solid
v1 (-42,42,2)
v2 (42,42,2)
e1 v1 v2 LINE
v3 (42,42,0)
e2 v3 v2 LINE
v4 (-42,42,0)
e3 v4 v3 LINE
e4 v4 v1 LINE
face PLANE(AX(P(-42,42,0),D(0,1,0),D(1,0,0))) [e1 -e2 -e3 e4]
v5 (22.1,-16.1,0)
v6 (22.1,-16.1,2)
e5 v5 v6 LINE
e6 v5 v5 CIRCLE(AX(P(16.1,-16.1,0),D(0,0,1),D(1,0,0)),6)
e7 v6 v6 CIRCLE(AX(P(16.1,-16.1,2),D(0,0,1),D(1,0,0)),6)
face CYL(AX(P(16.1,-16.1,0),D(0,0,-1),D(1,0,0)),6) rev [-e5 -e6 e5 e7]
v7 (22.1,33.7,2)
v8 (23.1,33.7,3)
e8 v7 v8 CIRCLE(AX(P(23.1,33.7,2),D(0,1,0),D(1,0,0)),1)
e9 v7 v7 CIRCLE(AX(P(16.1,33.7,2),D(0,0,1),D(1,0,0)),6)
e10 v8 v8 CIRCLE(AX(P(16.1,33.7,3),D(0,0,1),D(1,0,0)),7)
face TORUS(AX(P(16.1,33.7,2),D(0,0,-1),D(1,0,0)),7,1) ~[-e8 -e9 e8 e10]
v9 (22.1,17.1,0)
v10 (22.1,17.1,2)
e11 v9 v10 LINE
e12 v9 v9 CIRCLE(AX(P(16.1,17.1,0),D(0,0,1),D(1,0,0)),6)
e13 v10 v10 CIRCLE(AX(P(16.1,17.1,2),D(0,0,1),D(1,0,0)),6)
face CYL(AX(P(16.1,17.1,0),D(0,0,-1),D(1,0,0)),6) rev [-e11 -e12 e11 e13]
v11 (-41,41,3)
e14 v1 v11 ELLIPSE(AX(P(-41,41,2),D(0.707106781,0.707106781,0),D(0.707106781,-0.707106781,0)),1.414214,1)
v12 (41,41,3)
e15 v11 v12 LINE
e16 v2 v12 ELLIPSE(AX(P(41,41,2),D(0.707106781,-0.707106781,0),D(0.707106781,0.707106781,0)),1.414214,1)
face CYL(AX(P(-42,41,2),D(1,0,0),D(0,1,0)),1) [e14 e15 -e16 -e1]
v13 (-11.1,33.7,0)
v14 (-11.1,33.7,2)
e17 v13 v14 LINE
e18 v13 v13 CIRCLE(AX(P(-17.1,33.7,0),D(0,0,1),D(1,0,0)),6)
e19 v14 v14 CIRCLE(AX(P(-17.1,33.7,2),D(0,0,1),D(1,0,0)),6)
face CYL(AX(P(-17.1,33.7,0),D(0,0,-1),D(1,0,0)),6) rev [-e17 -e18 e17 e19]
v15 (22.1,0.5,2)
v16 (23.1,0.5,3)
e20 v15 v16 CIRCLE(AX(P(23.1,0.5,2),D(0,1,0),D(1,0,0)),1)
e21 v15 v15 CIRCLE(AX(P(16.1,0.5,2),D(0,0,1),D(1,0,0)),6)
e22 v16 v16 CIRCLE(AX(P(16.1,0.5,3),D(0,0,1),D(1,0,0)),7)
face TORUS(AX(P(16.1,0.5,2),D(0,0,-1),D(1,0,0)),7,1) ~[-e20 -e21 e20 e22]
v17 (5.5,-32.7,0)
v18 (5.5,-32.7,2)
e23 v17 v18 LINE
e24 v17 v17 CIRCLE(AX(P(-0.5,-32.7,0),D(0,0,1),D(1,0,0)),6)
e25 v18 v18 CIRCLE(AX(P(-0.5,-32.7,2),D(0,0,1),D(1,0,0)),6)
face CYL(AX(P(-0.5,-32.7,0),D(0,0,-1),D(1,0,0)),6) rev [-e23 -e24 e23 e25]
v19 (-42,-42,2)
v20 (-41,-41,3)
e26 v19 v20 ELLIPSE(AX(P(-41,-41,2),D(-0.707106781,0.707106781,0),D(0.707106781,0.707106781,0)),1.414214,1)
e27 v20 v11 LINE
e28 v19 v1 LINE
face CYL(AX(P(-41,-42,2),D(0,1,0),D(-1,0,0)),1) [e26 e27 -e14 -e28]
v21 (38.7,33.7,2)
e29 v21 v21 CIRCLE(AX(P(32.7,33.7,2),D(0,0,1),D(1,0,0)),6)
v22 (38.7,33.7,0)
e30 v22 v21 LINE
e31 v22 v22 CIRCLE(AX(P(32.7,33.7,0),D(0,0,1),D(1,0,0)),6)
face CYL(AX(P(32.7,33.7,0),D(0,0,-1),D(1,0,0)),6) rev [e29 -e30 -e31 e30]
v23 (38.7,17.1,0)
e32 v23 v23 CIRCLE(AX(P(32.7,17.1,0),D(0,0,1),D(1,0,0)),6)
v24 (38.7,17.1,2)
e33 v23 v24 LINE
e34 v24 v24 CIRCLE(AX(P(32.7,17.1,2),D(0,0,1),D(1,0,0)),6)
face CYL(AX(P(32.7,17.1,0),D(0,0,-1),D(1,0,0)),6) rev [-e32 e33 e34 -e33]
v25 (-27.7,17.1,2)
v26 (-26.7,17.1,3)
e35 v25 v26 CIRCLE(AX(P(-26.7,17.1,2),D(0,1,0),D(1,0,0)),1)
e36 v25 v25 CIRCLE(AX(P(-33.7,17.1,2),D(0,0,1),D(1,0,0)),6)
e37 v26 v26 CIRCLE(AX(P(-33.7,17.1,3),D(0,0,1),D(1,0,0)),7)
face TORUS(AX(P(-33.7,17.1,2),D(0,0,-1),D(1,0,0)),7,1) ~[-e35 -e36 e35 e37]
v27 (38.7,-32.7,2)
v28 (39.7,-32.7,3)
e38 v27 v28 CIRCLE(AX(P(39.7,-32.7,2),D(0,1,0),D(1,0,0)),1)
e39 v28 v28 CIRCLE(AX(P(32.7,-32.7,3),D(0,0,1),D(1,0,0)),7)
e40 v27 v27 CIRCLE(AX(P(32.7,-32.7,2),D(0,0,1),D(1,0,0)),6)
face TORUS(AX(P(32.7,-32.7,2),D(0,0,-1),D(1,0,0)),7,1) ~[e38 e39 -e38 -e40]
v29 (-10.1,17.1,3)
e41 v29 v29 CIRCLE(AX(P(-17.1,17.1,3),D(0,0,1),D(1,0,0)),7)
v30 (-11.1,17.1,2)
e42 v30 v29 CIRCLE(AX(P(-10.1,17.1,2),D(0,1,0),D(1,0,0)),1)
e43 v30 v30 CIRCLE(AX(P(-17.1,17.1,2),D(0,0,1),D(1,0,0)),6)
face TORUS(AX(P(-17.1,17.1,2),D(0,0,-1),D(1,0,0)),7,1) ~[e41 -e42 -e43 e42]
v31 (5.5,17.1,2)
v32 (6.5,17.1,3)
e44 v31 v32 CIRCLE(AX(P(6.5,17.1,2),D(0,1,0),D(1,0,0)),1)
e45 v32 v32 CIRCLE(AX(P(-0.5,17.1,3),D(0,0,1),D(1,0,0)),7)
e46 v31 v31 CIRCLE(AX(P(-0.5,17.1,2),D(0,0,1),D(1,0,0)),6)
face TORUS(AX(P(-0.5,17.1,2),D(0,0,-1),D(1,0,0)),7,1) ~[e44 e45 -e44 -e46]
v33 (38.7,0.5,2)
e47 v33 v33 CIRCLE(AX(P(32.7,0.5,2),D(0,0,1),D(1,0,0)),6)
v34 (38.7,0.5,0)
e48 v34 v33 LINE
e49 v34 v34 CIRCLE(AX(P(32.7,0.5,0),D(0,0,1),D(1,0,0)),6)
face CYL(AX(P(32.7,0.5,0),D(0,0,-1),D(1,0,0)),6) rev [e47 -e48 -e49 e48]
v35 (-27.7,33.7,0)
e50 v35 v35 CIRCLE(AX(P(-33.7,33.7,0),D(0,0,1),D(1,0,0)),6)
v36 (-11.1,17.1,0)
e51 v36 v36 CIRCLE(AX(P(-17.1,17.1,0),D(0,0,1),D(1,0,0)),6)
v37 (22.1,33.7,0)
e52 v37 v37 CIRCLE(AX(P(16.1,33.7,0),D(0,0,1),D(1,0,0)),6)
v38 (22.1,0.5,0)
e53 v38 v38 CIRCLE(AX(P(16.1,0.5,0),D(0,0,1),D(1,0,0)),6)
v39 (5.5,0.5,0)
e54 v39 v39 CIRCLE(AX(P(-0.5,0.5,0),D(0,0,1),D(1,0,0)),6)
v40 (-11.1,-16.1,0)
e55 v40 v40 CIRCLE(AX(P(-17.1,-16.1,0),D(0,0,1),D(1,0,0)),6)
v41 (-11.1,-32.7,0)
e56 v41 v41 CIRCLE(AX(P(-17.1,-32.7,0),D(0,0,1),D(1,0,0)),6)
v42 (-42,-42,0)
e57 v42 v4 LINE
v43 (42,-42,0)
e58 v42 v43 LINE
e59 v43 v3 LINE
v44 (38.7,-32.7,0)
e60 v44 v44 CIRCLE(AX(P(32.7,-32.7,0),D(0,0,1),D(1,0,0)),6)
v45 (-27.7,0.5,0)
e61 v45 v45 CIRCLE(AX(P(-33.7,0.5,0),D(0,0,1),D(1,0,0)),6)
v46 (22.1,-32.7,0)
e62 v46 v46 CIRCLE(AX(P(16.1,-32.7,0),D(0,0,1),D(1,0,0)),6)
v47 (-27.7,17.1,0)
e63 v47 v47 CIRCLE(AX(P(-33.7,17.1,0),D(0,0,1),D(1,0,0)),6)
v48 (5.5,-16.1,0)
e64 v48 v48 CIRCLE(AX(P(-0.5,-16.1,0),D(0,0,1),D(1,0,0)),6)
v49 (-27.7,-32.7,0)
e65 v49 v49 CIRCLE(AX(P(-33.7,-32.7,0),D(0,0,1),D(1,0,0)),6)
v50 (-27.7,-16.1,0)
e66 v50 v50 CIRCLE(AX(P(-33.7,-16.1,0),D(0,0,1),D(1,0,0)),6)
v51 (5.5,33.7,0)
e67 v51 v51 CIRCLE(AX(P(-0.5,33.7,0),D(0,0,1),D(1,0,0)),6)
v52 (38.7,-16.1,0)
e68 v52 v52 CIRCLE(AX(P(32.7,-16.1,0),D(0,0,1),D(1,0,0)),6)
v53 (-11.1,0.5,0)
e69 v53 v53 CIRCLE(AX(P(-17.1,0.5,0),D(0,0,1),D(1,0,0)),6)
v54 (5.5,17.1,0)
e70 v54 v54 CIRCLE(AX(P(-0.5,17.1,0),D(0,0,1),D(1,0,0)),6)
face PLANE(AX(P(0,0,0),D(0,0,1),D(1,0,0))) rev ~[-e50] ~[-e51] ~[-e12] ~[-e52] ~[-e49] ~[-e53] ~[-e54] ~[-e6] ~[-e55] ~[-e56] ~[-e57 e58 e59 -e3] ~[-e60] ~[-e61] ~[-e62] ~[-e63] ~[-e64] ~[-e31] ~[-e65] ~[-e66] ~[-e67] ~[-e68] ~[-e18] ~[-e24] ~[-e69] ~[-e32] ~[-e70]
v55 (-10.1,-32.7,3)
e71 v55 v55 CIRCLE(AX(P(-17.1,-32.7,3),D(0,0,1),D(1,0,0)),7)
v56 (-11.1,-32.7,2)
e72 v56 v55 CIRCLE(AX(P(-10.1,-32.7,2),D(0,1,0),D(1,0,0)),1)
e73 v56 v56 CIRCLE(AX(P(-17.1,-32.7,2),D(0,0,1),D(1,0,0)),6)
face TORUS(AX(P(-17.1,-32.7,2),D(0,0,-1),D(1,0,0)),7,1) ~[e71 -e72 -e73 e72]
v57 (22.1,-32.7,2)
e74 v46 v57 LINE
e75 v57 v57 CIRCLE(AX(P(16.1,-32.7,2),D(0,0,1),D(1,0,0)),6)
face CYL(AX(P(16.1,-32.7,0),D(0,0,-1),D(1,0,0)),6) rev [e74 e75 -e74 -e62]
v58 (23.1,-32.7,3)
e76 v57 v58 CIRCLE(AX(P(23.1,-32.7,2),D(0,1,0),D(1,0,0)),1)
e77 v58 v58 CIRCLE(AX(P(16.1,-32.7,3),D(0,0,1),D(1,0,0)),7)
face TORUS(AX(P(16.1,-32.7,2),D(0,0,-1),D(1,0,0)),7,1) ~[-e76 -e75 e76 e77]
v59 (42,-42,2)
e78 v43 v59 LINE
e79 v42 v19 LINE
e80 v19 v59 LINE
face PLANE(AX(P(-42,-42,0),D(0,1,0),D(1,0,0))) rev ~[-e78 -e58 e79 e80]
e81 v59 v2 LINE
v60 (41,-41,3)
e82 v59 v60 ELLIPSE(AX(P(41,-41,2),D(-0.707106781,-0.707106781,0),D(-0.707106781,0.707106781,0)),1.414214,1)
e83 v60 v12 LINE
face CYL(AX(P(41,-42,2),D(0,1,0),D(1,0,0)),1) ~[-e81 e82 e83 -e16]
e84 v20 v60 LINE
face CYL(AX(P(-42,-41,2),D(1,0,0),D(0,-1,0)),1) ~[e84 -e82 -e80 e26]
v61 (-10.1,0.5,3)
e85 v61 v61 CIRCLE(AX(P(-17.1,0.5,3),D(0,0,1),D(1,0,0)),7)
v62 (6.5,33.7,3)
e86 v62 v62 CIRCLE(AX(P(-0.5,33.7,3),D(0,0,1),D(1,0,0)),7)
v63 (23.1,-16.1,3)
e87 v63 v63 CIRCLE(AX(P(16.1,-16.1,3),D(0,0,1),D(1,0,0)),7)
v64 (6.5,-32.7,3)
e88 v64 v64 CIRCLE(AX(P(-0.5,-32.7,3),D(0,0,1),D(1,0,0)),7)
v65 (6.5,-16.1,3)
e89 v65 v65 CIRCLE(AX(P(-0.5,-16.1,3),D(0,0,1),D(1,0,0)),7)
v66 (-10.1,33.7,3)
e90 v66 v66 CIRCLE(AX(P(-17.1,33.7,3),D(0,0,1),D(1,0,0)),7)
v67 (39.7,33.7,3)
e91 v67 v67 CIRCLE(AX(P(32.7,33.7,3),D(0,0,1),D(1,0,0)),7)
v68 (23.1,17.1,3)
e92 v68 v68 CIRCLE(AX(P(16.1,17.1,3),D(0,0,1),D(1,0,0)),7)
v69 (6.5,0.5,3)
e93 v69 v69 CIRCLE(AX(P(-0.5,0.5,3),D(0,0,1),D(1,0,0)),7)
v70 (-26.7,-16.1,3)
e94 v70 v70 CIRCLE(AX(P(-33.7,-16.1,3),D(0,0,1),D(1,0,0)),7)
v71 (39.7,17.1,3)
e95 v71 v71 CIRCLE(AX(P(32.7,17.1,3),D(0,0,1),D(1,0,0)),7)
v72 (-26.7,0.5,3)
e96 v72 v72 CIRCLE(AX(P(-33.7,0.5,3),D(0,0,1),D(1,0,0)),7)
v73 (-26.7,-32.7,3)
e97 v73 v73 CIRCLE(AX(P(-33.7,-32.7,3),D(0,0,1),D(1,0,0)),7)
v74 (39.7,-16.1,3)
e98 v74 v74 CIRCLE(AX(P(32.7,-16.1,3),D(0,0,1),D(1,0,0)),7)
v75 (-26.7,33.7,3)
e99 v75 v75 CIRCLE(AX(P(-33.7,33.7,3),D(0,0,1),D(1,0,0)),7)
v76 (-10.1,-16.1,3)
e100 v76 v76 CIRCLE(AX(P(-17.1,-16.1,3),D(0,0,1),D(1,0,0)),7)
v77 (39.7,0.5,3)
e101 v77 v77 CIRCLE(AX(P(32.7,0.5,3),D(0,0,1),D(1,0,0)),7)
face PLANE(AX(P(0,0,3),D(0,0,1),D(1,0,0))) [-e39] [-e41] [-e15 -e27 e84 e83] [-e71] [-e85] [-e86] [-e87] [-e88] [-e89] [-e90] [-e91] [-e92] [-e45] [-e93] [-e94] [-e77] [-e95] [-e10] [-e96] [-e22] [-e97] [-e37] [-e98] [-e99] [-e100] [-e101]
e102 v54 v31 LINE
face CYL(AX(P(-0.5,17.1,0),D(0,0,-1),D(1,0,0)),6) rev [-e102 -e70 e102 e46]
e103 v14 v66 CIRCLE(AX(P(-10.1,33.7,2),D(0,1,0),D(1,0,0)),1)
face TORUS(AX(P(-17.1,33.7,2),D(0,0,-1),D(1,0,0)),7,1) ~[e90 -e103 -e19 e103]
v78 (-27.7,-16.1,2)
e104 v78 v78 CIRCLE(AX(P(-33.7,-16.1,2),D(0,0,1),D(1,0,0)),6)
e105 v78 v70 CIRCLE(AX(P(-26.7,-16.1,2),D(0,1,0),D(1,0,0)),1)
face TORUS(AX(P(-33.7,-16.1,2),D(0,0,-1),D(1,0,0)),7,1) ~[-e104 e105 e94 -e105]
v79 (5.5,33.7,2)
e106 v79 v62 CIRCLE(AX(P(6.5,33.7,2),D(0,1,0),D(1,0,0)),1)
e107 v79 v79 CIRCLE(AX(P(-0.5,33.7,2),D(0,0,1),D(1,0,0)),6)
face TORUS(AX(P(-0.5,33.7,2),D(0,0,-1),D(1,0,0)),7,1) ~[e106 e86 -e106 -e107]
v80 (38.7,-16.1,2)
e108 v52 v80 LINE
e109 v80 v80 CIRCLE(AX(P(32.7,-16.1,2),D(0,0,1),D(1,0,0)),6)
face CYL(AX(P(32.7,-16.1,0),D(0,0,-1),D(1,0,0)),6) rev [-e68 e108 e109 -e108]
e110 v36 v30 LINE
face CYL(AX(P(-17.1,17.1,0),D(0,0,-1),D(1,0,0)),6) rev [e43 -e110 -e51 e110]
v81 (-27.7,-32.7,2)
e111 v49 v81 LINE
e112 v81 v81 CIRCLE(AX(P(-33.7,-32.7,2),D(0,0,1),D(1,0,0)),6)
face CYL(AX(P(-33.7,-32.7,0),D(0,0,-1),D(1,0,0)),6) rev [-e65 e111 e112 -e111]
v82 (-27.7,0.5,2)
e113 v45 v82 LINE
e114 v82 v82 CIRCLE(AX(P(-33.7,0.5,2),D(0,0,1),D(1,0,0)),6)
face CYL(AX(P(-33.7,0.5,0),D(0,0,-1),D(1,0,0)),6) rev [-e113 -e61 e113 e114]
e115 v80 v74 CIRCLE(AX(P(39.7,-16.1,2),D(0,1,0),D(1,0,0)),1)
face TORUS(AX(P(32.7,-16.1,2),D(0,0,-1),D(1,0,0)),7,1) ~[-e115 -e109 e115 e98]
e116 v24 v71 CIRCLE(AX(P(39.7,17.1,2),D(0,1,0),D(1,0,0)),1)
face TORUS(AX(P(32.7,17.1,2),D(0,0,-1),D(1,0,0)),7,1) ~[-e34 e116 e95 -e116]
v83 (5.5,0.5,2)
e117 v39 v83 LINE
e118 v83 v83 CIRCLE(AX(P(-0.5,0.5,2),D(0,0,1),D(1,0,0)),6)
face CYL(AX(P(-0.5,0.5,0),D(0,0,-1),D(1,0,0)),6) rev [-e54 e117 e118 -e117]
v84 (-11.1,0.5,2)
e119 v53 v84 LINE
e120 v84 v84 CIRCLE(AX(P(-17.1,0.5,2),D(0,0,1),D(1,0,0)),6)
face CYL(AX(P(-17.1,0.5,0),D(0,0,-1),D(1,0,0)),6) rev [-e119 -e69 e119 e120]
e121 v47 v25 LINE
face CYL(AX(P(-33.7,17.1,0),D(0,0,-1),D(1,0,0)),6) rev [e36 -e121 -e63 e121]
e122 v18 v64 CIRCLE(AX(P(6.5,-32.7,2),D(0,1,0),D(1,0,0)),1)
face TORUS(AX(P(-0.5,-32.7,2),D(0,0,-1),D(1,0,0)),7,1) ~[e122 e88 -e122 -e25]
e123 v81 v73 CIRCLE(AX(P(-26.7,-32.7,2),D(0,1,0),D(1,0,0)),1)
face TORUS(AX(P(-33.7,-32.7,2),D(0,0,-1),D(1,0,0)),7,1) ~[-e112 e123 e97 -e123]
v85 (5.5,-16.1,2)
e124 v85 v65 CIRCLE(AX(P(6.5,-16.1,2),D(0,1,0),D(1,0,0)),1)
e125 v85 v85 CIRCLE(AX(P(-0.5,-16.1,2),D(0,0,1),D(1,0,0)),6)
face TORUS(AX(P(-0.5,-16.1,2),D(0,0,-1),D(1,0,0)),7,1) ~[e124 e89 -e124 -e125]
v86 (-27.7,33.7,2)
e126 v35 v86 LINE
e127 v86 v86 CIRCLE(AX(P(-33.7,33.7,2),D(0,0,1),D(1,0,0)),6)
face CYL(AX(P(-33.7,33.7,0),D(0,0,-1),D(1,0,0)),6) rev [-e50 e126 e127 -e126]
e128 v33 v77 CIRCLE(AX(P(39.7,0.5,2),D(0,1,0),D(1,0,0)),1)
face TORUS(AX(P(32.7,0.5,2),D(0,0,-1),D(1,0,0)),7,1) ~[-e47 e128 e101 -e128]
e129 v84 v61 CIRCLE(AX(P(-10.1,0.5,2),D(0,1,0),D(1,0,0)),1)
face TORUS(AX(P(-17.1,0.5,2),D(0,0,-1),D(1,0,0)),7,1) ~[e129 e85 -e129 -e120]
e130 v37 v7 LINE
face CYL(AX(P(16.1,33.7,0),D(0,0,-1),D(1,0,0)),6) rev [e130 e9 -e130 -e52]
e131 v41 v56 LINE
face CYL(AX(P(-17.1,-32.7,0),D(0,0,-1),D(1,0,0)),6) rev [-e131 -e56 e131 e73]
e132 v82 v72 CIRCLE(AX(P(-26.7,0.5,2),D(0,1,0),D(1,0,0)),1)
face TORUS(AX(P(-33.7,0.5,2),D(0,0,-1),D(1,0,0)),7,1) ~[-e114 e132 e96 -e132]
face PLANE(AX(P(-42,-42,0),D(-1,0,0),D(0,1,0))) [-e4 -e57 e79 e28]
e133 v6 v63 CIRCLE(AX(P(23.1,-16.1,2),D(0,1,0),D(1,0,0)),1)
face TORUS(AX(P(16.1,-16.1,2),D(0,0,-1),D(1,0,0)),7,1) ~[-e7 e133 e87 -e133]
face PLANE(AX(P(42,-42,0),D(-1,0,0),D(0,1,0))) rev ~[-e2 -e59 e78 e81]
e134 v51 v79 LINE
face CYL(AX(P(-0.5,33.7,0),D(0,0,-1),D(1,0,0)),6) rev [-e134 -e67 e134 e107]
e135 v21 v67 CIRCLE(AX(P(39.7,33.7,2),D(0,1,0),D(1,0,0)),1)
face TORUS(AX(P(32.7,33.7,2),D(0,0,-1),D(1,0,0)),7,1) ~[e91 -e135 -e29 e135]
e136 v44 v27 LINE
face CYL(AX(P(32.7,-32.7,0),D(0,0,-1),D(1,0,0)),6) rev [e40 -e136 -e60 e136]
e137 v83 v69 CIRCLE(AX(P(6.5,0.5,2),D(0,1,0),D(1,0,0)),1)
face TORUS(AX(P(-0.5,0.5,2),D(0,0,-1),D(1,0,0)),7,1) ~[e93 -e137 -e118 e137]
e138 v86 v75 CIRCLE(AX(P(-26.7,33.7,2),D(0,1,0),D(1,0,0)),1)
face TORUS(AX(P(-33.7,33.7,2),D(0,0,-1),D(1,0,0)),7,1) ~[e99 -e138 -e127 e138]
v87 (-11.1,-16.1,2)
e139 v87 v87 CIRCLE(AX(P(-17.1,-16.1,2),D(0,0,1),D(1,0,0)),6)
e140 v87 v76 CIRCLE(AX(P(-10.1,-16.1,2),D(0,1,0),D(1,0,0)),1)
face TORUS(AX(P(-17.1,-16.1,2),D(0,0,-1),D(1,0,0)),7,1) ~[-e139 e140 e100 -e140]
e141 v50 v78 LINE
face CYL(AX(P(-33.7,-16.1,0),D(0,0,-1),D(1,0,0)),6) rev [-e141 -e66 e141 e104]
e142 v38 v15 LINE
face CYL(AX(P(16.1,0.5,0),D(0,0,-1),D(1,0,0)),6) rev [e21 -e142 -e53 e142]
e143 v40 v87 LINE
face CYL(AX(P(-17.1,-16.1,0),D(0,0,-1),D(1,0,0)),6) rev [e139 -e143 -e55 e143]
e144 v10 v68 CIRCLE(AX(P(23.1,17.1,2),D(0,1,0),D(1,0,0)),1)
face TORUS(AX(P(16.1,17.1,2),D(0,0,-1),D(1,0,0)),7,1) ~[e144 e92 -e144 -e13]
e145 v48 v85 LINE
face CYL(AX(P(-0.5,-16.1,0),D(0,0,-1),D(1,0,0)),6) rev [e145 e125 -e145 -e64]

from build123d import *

# Parameters (mm, degrees)
F0_W     = 84
F0_H     = 84
F0_R     = 6
F1_DEPTH = 3
F2_R     = 1


with BuildPart() as f1:
    # F0 (on Top) → F1 (new body)
    with BuildSketch(Plane.XY):
        Rectangle(F0_W, F0_H)
        with Locations((-33.7, -32.7)):
            Circle(F0_R, mode=Mode.SUBTRACT)
        with Locations((-17.1, -32.7)):
            Circle(F0_R, mode=Mode.SUBTRACT)
        with Locations((-0.5, -32.7)):
            Circle(F0_R, mode=Mode.SUBTRACT)
        with Locations((-33.7, -16.1)):
            Circle(F0_R, mode=Mode.SUBTRACT)
        with Locations((-17.1, -16.1)):
            Circle(F0_R, mode=Mode.SUBTRACT)
        with Locations((-0.5, -16.1)):
            Circle(F0_R, mode=Mode.SUBTRACT)
        with Locations((16.1, -32.7)):
            Circle(F0_R, mode=Mode.SUBTRACT)
        with Locations((32.7, -32.7)):
            Circle(F0_R, mode=Mode.SUBTRACT)
        with Locations((16.1, -16.1)):
            Circle(F0_R, mode=Mode.SUBTRACT)
        with Locations((32.7, -16.1)):
            Circle(F0_R, mode=Mode.SUBTRACT)
        with Locations((-33.7, 0.5)):
            Circle(F0_R, mode=Mode.SUBTRACT)
        with Locations((-33.7, 17.1)):
            Circle(F0_R, mode=Mode.SUBTRACT)
        with Locations((-17.1, 0.5)):
            Circle(F0_R, mode=Mode.SUBTRACT)
        with Locations((-0.5, 0.5)):
            Circle(F0_R, mode=Mode.SUBTRACT)
        with Locations((-17.1, 17.1)):
            Circle(F0_R, mode=Mode.SUBTRACT)
        with Locations((-0.5, 17.1)):
            Circle(F0_R, mode=Mode.SUBTRACT)
        with Locations((-33.7, 33.7)):
            Circle(F0_R, mode=Mode.SUBTRACT)
        with Locations((-17.1, 33.7)):
            Circle(F0_R, mode=Mode.SUBTRACT)
        with Locations((-0.5, 33.7)):
            Circle(F0_R, mode=Mode.SUBTRACT)
        with Locations((16.1, 0.5)):
            Circle(F0_R, mode=Mode.SUBTRACT)
        with Locations((16.1, 17.1)):
            Circle(F0_R, mode=Mode.SUBTRACT)
        with Locations((32.7, 0.5)):
            Circle(F0_R, mode=Mode.SUBTRACT)
        with Locations((32.7, 17.1)):
            Circle(F0_R, mode=Mode.SUBTRACT)
        with Locations((16.1, 33.7)):
            Circle(F0_R, mode=Mode.SUBTRACT)
        with Locations((32.7, 33.7)):
            Circle(F0_R, mode=Mode.SUBTRACT)
    extrude(amount=F1_DEPTH)

    # F2
    f2_edges = [f1.edges().sort_by_distance(p)[0] for p in [
        (42, 0, 3),
        (0, 42, 3),
        (-42, 0, 3),
        (0, -42, 3),
        (-39.7, -32.7, 3),
        (-23.1, -32.7, 3),
        (-6.5, -32.7, 3),
        (-39.7, -16.1, 3),
        (-23.1, -16.1, 3),
        (-6.5, -16.1, 3),
        (10.1, -32.7, 3),
        (26.7, -32.7, 3),
        (10.1, -16.1, 3),
        (26.7, -16.1, 3),
        (-39.7, 0.5, 3),
        (-39.7, 17.1, 3),
        (-23.1, 0.5, 3),
        (-6.5, 0.5, 3),
        (-23.1, 17.1, 3),
        (-6.5, 17.1, 3),
        (-39.7, 33.7, 3),
        (-23.1, 33.7, 3),
        (-6.5, 33.7, 3),
        (10.1, 0.5, 3),
        (10.1, 17.1, 3),
        (26.7, 0.5, 3),
        (26.7, 17.1, 3),
        (10.1, 33.7, 3),
        (26.7, 33.7, 3),
    ]]
    fillet(f2_edges, radius=F2_R)


solid = f1.part
